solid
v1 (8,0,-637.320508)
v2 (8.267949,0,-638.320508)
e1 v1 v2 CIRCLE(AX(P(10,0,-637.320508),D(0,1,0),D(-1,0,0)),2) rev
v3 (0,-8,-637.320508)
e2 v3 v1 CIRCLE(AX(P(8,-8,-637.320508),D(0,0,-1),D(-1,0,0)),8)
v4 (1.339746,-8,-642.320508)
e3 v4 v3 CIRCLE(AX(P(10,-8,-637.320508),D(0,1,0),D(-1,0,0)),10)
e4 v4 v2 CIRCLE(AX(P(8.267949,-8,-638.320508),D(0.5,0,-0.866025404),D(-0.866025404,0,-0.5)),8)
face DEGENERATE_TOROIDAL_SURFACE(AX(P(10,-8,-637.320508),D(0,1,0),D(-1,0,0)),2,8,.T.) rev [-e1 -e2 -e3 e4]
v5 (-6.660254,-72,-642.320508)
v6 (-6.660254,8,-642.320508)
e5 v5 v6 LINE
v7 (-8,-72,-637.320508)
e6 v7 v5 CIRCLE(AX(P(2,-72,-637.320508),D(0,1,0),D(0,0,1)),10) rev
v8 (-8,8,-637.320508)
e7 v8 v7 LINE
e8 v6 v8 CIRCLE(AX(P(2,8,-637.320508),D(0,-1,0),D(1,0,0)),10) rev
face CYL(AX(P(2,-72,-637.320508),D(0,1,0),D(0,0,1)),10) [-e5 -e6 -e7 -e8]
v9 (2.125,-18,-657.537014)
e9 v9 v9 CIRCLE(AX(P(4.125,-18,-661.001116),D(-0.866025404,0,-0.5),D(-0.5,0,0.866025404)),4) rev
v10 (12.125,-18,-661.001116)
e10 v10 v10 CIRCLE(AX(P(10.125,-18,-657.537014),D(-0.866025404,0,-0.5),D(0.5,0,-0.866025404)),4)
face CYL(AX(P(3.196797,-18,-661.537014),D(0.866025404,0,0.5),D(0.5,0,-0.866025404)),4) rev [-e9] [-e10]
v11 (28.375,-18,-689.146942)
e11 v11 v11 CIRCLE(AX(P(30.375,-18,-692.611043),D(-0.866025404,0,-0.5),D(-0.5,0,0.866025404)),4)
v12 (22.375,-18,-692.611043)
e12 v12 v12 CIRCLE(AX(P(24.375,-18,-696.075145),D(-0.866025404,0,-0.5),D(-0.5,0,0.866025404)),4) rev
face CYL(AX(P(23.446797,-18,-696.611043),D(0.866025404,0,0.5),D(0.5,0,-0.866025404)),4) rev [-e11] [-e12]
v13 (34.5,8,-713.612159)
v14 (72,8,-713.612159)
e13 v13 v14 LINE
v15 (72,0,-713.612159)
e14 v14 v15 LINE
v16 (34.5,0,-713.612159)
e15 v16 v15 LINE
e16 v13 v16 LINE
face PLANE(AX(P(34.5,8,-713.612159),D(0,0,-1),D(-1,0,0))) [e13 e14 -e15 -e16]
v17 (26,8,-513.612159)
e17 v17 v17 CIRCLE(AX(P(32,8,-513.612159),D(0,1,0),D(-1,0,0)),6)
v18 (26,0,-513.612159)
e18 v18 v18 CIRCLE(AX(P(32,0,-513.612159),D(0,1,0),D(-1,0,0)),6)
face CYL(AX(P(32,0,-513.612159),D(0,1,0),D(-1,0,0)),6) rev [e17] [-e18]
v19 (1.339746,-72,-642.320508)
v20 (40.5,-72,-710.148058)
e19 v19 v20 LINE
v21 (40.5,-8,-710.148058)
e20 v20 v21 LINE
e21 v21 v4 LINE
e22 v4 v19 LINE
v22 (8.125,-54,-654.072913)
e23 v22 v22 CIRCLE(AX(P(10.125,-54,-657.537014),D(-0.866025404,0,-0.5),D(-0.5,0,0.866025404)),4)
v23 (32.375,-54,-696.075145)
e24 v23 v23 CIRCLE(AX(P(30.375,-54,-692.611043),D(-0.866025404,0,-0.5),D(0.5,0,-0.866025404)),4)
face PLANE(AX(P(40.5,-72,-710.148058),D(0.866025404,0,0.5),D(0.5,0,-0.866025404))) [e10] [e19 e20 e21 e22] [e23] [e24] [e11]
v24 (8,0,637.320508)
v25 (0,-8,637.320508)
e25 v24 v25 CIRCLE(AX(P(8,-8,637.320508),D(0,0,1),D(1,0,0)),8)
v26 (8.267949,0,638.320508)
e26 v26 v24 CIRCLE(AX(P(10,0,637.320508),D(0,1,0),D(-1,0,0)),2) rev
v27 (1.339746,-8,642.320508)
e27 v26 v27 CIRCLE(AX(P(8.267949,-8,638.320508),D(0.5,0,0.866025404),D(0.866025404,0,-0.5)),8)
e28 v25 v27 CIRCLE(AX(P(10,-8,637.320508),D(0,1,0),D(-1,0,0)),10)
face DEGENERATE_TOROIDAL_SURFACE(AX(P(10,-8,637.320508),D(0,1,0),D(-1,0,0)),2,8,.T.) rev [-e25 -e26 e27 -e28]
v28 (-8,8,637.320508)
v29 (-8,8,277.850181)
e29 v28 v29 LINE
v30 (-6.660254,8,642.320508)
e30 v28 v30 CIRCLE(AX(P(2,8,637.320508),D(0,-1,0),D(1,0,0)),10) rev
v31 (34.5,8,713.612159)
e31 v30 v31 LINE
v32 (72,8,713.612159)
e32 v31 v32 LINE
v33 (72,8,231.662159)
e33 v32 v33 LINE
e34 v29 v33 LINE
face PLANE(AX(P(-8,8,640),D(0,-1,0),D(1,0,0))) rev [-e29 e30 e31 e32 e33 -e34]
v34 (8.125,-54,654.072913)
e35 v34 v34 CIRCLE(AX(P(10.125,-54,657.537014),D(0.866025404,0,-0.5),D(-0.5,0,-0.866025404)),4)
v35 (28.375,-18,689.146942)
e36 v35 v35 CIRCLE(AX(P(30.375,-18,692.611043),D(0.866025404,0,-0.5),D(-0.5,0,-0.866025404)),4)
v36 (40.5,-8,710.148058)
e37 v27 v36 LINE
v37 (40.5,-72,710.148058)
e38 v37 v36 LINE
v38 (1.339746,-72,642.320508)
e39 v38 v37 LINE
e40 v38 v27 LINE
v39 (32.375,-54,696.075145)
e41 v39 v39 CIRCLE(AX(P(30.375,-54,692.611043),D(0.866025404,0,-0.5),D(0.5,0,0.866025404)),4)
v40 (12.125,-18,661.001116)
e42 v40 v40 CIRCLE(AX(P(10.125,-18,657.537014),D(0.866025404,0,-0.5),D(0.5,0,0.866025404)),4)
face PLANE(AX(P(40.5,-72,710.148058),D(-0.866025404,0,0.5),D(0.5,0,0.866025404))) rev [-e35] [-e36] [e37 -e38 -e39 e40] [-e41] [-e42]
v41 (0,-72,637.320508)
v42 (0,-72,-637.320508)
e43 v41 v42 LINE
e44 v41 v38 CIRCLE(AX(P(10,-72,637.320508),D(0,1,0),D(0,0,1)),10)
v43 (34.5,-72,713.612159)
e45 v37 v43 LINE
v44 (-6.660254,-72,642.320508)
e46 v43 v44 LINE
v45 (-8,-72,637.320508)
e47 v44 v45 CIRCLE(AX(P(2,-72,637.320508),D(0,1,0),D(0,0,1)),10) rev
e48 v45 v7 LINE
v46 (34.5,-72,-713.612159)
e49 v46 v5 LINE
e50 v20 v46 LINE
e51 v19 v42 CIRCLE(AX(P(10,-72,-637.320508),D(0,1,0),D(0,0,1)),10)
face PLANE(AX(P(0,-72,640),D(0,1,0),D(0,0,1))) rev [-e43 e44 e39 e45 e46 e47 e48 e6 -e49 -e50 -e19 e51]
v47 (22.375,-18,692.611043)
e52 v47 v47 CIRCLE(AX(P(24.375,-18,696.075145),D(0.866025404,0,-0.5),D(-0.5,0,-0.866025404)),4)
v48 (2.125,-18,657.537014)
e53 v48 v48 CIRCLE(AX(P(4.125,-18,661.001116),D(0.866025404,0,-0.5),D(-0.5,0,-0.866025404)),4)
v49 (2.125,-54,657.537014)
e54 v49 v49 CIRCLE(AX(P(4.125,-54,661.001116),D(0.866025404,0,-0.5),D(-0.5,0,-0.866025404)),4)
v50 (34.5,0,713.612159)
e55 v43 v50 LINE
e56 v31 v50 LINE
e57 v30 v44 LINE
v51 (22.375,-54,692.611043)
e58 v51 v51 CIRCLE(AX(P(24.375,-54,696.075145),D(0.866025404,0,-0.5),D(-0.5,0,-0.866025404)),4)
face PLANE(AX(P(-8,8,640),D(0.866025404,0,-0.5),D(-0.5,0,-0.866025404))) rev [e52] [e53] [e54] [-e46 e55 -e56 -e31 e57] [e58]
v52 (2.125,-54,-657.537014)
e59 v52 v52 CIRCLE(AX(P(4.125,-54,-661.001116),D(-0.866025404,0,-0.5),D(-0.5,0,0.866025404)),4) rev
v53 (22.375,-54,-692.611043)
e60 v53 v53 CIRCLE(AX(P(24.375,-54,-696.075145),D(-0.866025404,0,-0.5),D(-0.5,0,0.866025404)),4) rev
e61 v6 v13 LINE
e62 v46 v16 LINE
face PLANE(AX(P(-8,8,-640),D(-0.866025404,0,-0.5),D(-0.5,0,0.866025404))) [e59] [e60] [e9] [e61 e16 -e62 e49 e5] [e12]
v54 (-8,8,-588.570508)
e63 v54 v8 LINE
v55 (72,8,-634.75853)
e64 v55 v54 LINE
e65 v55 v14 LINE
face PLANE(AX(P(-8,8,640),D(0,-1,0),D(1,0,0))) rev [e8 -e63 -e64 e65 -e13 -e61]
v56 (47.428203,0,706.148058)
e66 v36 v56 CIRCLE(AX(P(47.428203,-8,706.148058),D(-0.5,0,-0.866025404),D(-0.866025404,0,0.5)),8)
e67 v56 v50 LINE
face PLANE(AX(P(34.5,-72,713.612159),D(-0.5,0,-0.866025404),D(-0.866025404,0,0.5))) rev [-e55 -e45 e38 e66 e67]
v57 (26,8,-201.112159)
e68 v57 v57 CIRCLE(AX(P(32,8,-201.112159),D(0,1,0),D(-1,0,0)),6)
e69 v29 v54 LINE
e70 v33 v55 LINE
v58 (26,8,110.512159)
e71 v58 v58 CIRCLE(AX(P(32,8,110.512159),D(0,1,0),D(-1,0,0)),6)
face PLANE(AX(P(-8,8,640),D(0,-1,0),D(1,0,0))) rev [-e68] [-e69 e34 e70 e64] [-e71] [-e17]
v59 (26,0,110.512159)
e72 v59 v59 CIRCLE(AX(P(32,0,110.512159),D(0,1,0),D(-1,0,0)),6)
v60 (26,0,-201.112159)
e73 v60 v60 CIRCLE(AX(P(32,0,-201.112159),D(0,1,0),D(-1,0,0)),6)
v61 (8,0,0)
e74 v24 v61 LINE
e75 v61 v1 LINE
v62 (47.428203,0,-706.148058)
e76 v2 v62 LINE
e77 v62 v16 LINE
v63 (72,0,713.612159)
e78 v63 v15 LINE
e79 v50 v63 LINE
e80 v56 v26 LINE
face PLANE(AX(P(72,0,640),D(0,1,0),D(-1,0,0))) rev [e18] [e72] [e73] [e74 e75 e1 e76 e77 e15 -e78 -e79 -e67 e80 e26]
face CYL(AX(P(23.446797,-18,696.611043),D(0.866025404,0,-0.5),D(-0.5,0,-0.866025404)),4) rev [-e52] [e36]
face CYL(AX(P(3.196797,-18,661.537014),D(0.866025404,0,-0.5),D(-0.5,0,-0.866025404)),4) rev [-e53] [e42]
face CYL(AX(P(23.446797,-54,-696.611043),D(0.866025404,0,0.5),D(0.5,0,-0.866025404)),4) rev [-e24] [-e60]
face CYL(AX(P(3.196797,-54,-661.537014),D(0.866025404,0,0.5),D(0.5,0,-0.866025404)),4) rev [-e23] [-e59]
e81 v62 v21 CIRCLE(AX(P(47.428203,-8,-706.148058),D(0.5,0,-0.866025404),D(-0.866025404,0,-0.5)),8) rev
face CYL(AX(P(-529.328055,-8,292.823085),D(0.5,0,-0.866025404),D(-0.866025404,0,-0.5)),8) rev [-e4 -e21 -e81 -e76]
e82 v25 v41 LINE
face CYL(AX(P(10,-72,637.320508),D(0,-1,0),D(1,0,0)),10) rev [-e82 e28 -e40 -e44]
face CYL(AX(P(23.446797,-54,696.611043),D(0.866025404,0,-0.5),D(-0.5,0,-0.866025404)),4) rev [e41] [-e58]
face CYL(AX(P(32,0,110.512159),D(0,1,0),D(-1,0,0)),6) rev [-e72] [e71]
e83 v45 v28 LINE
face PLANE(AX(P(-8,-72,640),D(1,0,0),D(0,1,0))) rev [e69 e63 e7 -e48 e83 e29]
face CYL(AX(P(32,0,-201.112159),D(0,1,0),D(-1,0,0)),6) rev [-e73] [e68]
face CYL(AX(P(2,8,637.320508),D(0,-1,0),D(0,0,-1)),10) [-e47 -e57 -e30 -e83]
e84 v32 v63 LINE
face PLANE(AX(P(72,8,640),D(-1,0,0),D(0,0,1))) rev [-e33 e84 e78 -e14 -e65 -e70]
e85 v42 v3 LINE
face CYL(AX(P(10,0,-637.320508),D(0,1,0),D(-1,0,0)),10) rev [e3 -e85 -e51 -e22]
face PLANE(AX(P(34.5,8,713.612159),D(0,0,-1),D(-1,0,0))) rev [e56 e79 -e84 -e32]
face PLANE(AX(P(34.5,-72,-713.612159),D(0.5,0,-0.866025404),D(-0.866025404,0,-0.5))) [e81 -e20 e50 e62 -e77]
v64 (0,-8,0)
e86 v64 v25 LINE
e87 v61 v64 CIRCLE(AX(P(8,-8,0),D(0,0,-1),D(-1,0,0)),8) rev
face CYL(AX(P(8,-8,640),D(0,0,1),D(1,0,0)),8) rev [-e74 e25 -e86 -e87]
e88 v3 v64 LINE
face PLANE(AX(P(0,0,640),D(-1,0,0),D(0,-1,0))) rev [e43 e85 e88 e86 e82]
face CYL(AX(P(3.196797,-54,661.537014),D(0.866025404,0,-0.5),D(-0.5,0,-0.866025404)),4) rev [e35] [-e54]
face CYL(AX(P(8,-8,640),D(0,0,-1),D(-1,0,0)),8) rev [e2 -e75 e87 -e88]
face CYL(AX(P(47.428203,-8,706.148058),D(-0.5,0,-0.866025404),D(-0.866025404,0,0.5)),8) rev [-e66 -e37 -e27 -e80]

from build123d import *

# Parameters (mm, degrees)
BOSS_EXTRUDE1_DEPTH  = 640
BOSS_EXTRUDE2_DEPTH  = 8
BOSS_EXTRUDE3_DEPTH  = 72
SKETCH6_R            = 4
CUT_EXTRUDE1_DEPTH   = 8
FILLET1_R            = 10
FILLET2_R            = 8
FILLET1_OF_MIRROR1_R = 10
FILLET2_OF_MIRROR1_R = 8
SKETCH10_R           = 6
CUT_EXTRUDE2_DEPTH   = 8


with BuildPart() as part:
    # Sketch1 → Boss-Extrude1 (new body)
    with BuildSketch(Plane.XY):
        Polygon((-8, 8), (72, 8), (72, 0), (0, 0), (0, -72), (-8, -72), align=None)
    boss_extrude1 = extrude(amount=BOSS_EXTRUDE1_DEPTH)

    # Sketch3 → Boss-Extrude2 (add)
    with BuildSketch(Plane(origin=(0, 0, 0), x_dir=(1, 0, 0), z_dir=(0, 1, 0))):
        Polygon((-8, -640), (34.5, -713.612159322), (72, -713.612159322), (72, -640), align=None)
    boss_extrude2 = extrude(amount=BOSS_EXTRUDE2_DEPTH)

    # Sketch4 → Boss-Extrude3 (add)
    with BuildSketch(Plane.XZ):
        Polygon((-8, 640), (34.5, 713.612159322), (40.5, 710.148057707), (0, 640), align=None)
    boss_extrude3 = extrude(amount=BOSS_EXTRUDE3_DEPTH)

    # Sketch6 → Cut-Extrude1 (cut)
    with BuildSketch(Plane(origin=(-277.128129211, 0, 160), x_dir=(-0.4999999999999956, 0, -0.8660254037844413), z_dir=(0.8660254037844413, 0, -0.4999999999999956))):
        with Locations((-615.006258422, -18)):
            Circle(SKETCH6_R)
        with Locations((-574.506258422, -18)):
            Circle(SKETCH6_R)
        with Locations((-574.506258422, -54)):
            Circle(SKETCH6_R)
        with Locations((-615.006258422, -54)):
            Circle(SKETCH6_R)
    cut_extrude1 = extrude(amount=-CUT_EXTRUDE1_DEPTH, mode=Mode.SUBTRACT)

    # Fillet1
    fillet1_edges = [part.edges().sort_by_distance(p)[0] for p in [
        (0, -36, 640),
        (-8, -32, 640),
    ]]
    fillet(fillet1_edges, radius=FILLET1_R)

    # Fillet2
    fillet2_edges = [part.edges().sort_by_distance(p)[0] for p in [
        (20.919872981, 0, 676.234282891),
        (0, 0, 318.660254038),
        (0.340741737, 0, 639.908698527),
    ]]
    fillet(fillet2_edges, radius=FILLET2_R)

    # Mirror1: Boss-Extrude1, Boss-Extrude2, Boss-Extrude3, Cut-Extrude1 across plane
    add(boss_extrude1.mirror(Plane.XY))
    add(boss_extrude2.mirror(Plane.XY))
    add(boss_extrude3.mirror(Plane.XY))
    add(cut_extrude1.mirror(Plane.XY), mode=Mode.SUBTRACT)

    # Fillet1 of Mirror1
    fillet1_of_mirror1_edges = [part.edges().sort_by_distance(p)[0] for p in [
        (0, -36, -640),
        (-8, -32, -640),
    ]]
    fillet(fillet1_of_mirror1_edges, radius=FILLET1_OF_MIRROR1_R)

    # Fillet2 of Mirror1
    fillet2_of_mirror1_edges = [part.edges().sort_by_distance(p)[0] for p in [
        (20.919872981, 0, -676.234282891),
        (0, 0, -318.660254038),
        (0.340741737, 0, -639.908698527),
    ]]
    fillet(fillet2_of_mirror1_edges, radius=FILLET2_OF_MIRROR1_R)

    # Sketch10 → Cut-Extrude2 (cut)
    with BuildSketch(Plane(origin=(0, 8, 0), x_dir=(1, 0, 0), z_dir=(0, 1, 0))):
        with Locations(Location((32, 513.612159322, 0), (0, 0, 180))):
            Circle(SKETCH10_R)
        with Locations(Location((32, 201.112159322, 0), (0, 0, 180))):
            Circle(SKETCH10_R)
        with Locations(Location((32, -110.512159322, 0), (0, 0, 180))):
            Circle(SKETCH10_R)
    extrude(amount=-CUT_EXTRUDE2_DEPTH, mode=Mode.SUBTRACT)


solid = part.part
